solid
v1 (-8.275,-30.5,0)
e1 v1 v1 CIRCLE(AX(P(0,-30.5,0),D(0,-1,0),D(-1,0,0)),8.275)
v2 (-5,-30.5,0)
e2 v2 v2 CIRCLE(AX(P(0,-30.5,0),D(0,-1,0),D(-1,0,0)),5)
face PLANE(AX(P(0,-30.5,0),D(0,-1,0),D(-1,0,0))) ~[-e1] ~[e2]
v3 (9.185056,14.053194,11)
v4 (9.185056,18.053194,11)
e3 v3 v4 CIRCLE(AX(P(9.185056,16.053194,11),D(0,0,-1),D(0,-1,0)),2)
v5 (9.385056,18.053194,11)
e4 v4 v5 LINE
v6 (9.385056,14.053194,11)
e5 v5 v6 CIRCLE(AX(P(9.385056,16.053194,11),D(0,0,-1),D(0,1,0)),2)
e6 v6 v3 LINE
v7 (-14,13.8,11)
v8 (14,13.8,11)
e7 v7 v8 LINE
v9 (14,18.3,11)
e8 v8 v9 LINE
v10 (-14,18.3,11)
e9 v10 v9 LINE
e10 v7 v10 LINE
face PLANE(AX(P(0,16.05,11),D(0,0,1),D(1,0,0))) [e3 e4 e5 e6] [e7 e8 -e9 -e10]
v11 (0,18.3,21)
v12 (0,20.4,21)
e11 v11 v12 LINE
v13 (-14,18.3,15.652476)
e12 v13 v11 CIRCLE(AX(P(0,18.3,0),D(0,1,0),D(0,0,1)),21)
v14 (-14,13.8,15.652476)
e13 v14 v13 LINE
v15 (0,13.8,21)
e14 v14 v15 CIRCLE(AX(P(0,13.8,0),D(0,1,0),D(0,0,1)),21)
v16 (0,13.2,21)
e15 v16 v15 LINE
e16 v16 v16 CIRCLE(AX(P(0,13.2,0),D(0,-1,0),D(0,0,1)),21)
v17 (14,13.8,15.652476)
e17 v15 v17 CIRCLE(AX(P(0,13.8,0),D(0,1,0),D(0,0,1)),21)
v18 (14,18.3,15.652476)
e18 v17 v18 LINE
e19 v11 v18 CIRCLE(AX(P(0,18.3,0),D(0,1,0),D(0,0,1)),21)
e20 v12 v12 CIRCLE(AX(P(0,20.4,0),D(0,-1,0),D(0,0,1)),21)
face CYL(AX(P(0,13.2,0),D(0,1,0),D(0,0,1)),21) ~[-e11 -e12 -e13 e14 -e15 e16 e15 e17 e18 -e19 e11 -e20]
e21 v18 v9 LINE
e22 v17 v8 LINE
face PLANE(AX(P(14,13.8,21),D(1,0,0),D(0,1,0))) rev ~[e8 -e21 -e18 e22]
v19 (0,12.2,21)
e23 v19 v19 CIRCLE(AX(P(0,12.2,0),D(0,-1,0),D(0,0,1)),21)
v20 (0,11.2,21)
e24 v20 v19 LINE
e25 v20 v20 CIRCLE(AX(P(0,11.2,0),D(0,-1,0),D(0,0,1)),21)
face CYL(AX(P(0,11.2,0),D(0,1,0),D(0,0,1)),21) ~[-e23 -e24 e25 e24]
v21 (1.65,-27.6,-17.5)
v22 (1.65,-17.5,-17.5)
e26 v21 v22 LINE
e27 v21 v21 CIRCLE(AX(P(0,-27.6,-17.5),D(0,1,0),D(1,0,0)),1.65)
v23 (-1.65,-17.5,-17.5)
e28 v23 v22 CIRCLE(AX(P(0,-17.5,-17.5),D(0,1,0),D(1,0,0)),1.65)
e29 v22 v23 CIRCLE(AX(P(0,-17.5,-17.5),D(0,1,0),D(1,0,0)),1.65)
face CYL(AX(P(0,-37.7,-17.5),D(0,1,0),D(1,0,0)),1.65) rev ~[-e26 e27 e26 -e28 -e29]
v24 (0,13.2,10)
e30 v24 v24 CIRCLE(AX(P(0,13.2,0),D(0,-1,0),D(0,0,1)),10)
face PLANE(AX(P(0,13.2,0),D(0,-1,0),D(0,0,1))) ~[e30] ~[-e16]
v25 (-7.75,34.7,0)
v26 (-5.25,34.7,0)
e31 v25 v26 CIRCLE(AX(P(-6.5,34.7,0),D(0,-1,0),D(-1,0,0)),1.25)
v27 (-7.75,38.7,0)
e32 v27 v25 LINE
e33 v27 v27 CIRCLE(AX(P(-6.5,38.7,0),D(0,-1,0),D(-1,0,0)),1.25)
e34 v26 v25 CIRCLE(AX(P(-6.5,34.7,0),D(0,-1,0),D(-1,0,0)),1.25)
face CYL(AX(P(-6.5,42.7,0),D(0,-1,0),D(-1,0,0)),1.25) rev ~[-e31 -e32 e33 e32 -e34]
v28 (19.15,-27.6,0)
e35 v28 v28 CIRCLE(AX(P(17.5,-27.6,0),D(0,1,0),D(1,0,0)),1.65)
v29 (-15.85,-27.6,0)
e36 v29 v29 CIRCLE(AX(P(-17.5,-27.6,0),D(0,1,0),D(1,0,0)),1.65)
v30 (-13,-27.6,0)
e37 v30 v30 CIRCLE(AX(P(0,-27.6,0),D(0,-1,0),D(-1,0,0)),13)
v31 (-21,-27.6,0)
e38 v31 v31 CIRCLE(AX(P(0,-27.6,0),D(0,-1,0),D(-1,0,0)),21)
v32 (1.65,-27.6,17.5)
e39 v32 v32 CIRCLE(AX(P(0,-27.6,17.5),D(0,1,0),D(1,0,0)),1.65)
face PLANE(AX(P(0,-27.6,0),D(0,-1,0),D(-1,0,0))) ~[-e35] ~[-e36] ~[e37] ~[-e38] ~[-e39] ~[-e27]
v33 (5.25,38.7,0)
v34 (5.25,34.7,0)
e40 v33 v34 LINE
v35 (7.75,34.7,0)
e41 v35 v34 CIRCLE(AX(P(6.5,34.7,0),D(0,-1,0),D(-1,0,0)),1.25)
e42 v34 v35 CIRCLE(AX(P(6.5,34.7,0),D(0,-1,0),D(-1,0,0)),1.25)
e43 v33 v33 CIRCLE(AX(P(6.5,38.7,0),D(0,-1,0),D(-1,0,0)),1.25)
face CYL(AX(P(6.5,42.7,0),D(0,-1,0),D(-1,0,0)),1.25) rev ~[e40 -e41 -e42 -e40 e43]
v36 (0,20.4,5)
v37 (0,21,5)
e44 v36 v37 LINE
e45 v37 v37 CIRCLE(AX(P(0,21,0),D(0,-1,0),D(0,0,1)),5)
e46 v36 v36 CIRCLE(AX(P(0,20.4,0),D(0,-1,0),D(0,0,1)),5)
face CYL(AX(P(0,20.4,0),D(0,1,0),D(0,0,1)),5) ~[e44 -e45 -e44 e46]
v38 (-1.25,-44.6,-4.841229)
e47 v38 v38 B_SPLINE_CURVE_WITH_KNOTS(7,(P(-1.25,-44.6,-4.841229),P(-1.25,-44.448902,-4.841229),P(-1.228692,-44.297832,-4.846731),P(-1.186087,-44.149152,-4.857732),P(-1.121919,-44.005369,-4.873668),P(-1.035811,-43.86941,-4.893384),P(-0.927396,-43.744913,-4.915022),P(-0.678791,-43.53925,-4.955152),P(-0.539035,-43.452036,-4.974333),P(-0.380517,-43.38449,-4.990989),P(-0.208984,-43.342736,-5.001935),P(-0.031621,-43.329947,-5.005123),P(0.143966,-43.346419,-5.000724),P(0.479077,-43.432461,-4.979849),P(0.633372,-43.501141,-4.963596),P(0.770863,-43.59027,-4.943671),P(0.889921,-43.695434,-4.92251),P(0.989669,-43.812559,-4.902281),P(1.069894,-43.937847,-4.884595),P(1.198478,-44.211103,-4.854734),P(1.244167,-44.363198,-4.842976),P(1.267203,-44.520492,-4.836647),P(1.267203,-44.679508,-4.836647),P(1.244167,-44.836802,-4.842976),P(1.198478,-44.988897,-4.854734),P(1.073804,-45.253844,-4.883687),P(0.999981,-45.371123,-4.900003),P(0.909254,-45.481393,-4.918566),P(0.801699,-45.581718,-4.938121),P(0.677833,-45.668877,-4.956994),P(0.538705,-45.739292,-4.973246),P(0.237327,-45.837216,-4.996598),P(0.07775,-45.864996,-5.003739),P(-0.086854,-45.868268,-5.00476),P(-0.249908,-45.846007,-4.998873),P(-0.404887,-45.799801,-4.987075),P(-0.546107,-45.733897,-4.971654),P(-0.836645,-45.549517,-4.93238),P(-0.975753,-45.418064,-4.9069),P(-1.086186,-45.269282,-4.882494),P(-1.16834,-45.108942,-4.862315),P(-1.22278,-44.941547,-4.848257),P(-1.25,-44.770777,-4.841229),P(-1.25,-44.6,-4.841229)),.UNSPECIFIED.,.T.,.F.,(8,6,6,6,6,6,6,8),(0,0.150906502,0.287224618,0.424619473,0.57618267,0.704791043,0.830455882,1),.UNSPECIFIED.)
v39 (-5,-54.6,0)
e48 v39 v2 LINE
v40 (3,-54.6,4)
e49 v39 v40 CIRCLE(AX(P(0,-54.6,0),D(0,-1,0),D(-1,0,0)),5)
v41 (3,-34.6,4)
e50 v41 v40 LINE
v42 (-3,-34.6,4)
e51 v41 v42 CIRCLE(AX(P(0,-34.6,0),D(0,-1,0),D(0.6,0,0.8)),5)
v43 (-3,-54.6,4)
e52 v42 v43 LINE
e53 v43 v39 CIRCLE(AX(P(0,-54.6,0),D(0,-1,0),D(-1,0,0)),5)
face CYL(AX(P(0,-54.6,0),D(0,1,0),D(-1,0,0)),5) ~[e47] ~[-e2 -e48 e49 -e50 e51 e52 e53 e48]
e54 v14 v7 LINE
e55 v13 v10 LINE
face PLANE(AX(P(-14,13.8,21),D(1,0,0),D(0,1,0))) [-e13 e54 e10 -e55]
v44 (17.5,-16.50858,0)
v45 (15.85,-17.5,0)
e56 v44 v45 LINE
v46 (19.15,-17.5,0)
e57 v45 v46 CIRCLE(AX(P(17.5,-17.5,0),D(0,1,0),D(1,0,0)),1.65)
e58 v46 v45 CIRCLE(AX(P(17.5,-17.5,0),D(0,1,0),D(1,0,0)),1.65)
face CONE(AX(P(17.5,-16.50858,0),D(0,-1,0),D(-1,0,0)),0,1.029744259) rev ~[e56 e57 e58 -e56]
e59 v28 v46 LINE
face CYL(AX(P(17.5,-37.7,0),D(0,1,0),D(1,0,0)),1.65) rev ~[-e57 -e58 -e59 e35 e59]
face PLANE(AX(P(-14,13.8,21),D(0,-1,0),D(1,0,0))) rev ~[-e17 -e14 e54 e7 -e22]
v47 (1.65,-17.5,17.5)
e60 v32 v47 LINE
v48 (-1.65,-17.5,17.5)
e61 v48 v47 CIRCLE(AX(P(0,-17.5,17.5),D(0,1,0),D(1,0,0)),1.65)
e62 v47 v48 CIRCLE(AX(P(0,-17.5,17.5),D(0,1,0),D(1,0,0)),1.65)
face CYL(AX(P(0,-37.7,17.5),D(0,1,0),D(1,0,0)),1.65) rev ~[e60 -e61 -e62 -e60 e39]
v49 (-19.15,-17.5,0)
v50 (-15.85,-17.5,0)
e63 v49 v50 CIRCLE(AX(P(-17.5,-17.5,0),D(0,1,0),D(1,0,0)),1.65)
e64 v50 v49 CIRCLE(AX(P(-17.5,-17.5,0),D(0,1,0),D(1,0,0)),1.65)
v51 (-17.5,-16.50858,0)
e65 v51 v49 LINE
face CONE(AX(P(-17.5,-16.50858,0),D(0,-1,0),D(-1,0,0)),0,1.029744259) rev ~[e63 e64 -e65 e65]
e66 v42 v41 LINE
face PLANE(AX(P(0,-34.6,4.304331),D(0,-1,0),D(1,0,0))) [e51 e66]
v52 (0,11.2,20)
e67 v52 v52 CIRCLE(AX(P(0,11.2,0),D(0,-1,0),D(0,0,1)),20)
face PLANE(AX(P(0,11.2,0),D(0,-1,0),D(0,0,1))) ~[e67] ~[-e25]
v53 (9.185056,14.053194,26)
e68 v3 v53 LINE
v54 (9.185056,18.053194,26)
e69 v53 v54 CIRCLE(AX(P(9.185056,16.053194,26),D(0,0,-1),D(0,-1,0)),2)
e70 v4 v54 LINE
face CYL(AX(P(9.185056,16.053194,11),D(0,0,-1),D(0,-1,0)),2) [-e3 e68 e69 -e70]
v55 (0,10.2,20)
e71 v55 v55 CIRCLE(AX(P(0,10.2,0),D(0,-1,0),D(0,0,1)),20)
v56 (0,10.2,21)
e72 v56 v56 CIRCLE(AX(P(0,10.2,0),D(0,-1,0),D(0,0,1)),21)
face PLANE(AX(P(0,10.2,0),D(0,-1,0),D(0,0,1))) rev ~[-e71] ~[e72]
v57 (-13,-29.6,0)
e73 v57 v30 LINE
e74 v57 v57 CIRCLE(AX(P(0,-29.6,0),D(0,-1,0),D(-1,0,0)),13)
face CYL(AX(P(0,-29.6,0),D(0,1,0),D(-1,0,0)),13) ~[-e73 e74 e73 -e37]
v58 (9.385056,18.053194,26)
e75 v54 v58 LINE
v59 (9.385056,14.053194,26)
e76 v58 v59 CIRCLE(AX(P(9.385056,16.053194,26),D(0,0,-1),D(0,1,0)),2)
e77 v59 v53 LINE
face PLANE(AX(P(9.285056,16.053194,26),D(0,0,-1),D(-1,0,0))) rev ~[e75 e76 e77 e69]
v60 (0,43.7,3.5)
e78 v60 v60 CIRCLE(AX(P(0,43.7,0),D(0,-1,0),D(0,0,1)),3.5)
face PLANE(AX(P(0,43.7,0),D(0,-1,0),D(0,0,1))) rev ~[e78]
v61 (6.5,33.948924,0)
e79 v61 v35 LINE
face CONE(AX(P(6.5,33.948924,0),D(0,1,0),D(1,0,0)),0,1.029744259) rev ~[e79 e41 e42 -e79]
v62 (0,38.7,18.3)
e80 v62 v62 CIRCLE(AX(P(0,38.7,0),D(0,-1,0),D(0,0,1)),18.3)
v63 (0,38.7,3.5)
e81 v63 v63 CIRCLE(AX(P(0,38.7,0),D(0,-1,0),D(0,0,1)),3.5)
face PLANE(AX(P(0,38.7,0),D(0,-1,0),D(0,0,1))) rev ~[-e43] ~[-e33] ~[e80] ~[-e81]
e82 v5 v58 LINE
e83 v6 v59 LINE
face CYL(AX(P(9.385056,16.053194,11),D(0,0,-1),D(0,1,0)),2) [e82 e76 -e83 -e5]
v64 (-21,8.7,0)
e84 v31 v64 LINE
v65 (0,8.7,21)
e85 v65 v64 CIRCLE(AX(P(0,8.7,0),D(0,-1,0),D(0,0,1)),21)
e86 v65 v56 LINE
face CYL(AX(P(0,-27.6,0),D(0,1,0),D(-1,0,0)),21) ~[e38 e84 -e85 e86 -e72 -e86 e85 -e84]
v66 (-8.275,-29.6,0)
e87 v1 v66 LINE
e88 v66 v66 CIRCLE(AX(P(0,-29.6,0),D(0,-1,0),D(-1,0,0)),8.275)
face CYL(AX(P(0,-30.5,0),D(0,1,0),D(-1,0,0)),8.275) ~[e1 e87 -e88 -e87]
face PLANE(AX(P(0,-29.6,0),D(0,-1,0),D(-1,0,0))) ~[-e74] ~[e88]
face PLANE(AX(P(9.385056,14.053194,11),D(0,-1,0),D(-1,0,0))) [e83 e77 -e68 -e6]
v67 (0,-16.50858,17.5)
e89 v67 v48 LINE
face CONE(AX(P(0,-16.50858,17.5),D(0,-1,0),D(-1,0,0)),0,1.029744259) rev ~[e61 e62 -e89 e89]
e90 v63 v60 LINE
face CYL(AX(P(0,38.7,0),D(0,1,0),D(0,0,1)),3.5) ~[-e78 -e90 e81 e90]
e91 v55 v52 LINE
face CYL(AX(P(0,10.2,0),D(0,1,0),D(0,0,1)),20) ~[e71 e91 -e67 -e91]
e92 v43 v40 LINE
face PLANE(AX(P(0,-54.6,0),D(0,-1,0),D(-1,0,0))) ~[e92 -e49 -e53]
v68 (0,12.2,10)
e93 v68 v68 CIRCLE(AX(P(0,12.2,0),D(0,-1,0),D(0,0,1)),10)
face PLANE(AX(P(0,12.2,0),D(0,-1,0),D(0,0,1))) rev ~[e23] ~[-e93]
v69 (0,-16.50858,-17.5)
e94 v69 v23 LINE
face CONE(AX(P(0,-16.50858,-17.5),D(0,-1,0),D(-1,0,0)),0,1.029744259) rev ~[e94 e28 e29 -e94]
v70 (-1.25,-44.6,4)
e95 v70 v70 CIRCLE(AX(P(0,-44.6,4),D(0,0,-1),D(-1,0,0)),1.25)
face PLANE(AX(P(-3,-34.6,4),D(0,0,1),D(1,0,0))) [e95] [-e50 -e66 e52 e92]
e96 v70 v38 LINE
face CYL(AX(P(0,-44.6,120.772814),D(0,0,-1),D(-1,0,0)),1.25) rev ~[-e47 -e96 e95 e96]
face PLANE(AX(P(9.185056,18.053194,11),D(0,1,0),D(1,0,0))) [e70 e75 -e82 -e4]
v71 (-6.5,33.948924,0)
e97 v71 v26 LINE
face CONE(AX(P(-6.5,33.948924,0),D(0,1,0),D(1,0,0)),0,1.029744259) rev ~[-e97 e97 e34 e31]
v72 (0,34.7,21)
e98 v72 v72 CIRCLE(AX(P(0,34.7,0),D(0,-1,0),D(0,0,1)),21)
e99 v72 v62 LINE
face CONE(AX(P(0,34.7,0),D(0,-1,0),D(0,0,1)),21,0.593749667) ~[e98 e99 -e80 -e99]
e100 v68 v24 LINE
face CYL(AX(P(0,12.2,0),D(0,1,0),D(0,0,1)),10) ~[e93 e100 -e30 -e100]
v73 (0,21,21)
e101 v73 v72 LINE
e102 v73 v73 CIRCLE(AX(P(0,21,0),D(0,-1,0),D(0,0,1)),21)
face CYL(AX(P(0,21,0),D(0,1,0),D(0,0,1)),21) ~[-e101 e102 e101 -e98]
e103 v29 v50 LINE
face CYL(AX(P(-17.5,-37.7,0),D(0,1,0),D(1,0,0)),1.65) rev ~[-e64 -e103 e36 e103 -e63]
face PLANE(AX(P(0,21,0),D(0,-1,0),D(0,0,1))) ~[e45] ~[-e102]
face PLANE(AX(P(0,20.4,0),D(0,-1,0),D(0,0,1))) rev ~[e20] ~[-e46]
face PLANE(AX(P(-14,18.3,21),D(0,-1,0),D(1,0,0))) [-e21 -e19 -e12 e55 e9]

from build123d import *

# Parameters (mm, degrees)
SKETCH_2_W             = 28
SKETCH_2_H             = 4.5
CUT_EXTRUDE_1_DEPTH    = 10
EXTRUDE_1_DEPTH        = 15
HOLE_WIZARD_M3_1_D     = 2.5
HOLE_WIZARD_M3_1_DEPTH = 4
HOLE_WIZARD_M3_1_TIP   = 0.751075774
CUT_EXTRUDE_START      = -20
CUT_EXTRUDE_2_DEPTH    = 20
HOLE_WIZARD_M4_1_D     = 3.3
HOLE_WIZARD_M4_1_DEPTH = 10.1
HOLE_WIZARD_M4_1_TIP   = 0.991420021
HOLE_WIZARD_M3_2_D     = 2.5


with BuildPart() as part:
    # 草图1 → 旋转1 (revolve)
    with BuildSketch(Plane.XY, mode=Mode.PRIVATE) as revolve_1_sk:
        Polygon((0, 0), (4.1, 0), (4.1, 6.7), (13.4, 6.7), (13.4, 8.7), (21, 8.7), (21, 10.2), (20, 10.2), (20, 11.2), (21, 11.2), (21, 12.2), (10, 12.2), (10, 13.2), (21, 13.2), (21, 20.4), (5, 20.4), (5, 21), (21, 21), (21, 34.7), (18.3, 38.7), (3.5, 38.7), (3.5, 43.7), (0, 43.7), align=None)
    revolve(revolve_1_sk.sketch.rotate(Axis((0, 43.7, 0), (0, -1, 0)), 90), axis=Axis((0, 43.7, 0), (0, -1, 0)))

    # 草图2 → 切除-拉伸1 (cut)
    with BuildSketch(Plane.XY.offset(21)):
        with Locations((0, 16.05)):
            Rectangle(SKETCH_2_W, SKETCH_2_H)
    extrude(amount=-CUT_EXTRUDE_1_DEPTH, mode=Mode.SUBTRACT)

    # 草图3 → 凸台-拉伸1 (add)
    with BuildSketch(Plane.XY.offset(11)):
        with BuildLine():
            Line((9.185056323, 18.053194417), (9.385056323, 18.053194417))
            ThreePointArc((9.385056323, 18.053194417), (11.385056323, 16.053194417), (9.385056323, 14.053194417))
            Line((9.385056323, 14.053194417), (9.185056323, 14.053194417))
            ThreePointArc((9.185056323, 14.053194417), (7.185056323, 16.053194417), (9.185056323, 18.053194417))
        make_face()
    extrude(amount=EXTRUDE_1_DEPTH)

    # M3 螺纹孔1
    with Locations(Plane(origin=(0, 38.7, 0), x_dir=(1, 0, 0), z_dir=(0, 1, 0))):
        with Locations((-6.5, 0), (6.5, 0)):
            Hole(HOLE_WIZARD_M3_1_D / 2, depth=HOLE_WIZARD_M3_1_DEPTH)
            with Locations((0, 0, -(HOLE_WIZARD_M3_1_DEPTH + HOLE_WIZARD_M3_1_TIP / 2))):  # 118° drill point
                Cone(0, HOLE_WIZARD_M3_1_D / 2, HOLE_WIZARD_M3_1_TIP, mode=Mode.SUBTRACT)

    # 草图7 → 旋转2 (revolve)
    with BuildSketch(Plane.XY, mode=Mode.PRIVATE) as revolve_2_sk:
        Polygon((0, -54.6), (5, -54.6), (5, -30.5), (8.275, -30.5), (8.275, -29.6), (13, -29.6), (13, -27.6), (21, -27.6), (21, 8.7), (0, 8.7), align=None)
    revolve(revolve_2_sk.sketch.rotate(Axis((0, 8.7, 0), (0, -1, 0)), 180), axis=Axis((0, 8.7, 0), (0, -1, 0)))

    # 草图8 → 切除-拉伸2 (cut)
    with BuildSketch(Plane.XZ.offset(54.6).offset(CUT_EXTRUDE_START)):
        with BuildLine():
            Line((-3, 4), (3, 4))
            ThreePointArc((3, 4), (0, 5), (-3, 4))
        make_face()
    extrude(amount=CUT_EXTRUDE_2_DEPTH, mode=Mode.SUBTRACT)

    # M4 螺纹孔1
    with Locations(Plane(origin=(0, -27.6, 0), x_dir=(-1, 0, 0), z_dir=(0, -1, 0))):
        with Locations((0, -17.5), (-17.5, 0), (0, 17.5), (17.5, 0)):
            Hole(HOLE_WIZARD_M4_1_D / 2, depth=HOLE_WIZARD_M4_1_DEPTH)
            with Locations((0, 0, -(HOLE_WIZARD_M4_1_DEPTH + HOLE_WIZARD_M4_1_TIP / 2))):  # 118° drill point
                Cone(0, HOLE_WIZARD_M4_1_D / 2, HOLE_WIZARD_M4_1_TIP, mode=Mode.SUBTRACT)

    # M3 螺纹孔2 (through all)
    with Locations(Plane(origin=(0, -44.6, 4), x_dir=(1, 0, 0), z_dir=(0, 0, 1))):
        with Locations((0, 0)):
            Hole(HOLE_WIZARD_M3_2_D / 2)


solid = part.part
